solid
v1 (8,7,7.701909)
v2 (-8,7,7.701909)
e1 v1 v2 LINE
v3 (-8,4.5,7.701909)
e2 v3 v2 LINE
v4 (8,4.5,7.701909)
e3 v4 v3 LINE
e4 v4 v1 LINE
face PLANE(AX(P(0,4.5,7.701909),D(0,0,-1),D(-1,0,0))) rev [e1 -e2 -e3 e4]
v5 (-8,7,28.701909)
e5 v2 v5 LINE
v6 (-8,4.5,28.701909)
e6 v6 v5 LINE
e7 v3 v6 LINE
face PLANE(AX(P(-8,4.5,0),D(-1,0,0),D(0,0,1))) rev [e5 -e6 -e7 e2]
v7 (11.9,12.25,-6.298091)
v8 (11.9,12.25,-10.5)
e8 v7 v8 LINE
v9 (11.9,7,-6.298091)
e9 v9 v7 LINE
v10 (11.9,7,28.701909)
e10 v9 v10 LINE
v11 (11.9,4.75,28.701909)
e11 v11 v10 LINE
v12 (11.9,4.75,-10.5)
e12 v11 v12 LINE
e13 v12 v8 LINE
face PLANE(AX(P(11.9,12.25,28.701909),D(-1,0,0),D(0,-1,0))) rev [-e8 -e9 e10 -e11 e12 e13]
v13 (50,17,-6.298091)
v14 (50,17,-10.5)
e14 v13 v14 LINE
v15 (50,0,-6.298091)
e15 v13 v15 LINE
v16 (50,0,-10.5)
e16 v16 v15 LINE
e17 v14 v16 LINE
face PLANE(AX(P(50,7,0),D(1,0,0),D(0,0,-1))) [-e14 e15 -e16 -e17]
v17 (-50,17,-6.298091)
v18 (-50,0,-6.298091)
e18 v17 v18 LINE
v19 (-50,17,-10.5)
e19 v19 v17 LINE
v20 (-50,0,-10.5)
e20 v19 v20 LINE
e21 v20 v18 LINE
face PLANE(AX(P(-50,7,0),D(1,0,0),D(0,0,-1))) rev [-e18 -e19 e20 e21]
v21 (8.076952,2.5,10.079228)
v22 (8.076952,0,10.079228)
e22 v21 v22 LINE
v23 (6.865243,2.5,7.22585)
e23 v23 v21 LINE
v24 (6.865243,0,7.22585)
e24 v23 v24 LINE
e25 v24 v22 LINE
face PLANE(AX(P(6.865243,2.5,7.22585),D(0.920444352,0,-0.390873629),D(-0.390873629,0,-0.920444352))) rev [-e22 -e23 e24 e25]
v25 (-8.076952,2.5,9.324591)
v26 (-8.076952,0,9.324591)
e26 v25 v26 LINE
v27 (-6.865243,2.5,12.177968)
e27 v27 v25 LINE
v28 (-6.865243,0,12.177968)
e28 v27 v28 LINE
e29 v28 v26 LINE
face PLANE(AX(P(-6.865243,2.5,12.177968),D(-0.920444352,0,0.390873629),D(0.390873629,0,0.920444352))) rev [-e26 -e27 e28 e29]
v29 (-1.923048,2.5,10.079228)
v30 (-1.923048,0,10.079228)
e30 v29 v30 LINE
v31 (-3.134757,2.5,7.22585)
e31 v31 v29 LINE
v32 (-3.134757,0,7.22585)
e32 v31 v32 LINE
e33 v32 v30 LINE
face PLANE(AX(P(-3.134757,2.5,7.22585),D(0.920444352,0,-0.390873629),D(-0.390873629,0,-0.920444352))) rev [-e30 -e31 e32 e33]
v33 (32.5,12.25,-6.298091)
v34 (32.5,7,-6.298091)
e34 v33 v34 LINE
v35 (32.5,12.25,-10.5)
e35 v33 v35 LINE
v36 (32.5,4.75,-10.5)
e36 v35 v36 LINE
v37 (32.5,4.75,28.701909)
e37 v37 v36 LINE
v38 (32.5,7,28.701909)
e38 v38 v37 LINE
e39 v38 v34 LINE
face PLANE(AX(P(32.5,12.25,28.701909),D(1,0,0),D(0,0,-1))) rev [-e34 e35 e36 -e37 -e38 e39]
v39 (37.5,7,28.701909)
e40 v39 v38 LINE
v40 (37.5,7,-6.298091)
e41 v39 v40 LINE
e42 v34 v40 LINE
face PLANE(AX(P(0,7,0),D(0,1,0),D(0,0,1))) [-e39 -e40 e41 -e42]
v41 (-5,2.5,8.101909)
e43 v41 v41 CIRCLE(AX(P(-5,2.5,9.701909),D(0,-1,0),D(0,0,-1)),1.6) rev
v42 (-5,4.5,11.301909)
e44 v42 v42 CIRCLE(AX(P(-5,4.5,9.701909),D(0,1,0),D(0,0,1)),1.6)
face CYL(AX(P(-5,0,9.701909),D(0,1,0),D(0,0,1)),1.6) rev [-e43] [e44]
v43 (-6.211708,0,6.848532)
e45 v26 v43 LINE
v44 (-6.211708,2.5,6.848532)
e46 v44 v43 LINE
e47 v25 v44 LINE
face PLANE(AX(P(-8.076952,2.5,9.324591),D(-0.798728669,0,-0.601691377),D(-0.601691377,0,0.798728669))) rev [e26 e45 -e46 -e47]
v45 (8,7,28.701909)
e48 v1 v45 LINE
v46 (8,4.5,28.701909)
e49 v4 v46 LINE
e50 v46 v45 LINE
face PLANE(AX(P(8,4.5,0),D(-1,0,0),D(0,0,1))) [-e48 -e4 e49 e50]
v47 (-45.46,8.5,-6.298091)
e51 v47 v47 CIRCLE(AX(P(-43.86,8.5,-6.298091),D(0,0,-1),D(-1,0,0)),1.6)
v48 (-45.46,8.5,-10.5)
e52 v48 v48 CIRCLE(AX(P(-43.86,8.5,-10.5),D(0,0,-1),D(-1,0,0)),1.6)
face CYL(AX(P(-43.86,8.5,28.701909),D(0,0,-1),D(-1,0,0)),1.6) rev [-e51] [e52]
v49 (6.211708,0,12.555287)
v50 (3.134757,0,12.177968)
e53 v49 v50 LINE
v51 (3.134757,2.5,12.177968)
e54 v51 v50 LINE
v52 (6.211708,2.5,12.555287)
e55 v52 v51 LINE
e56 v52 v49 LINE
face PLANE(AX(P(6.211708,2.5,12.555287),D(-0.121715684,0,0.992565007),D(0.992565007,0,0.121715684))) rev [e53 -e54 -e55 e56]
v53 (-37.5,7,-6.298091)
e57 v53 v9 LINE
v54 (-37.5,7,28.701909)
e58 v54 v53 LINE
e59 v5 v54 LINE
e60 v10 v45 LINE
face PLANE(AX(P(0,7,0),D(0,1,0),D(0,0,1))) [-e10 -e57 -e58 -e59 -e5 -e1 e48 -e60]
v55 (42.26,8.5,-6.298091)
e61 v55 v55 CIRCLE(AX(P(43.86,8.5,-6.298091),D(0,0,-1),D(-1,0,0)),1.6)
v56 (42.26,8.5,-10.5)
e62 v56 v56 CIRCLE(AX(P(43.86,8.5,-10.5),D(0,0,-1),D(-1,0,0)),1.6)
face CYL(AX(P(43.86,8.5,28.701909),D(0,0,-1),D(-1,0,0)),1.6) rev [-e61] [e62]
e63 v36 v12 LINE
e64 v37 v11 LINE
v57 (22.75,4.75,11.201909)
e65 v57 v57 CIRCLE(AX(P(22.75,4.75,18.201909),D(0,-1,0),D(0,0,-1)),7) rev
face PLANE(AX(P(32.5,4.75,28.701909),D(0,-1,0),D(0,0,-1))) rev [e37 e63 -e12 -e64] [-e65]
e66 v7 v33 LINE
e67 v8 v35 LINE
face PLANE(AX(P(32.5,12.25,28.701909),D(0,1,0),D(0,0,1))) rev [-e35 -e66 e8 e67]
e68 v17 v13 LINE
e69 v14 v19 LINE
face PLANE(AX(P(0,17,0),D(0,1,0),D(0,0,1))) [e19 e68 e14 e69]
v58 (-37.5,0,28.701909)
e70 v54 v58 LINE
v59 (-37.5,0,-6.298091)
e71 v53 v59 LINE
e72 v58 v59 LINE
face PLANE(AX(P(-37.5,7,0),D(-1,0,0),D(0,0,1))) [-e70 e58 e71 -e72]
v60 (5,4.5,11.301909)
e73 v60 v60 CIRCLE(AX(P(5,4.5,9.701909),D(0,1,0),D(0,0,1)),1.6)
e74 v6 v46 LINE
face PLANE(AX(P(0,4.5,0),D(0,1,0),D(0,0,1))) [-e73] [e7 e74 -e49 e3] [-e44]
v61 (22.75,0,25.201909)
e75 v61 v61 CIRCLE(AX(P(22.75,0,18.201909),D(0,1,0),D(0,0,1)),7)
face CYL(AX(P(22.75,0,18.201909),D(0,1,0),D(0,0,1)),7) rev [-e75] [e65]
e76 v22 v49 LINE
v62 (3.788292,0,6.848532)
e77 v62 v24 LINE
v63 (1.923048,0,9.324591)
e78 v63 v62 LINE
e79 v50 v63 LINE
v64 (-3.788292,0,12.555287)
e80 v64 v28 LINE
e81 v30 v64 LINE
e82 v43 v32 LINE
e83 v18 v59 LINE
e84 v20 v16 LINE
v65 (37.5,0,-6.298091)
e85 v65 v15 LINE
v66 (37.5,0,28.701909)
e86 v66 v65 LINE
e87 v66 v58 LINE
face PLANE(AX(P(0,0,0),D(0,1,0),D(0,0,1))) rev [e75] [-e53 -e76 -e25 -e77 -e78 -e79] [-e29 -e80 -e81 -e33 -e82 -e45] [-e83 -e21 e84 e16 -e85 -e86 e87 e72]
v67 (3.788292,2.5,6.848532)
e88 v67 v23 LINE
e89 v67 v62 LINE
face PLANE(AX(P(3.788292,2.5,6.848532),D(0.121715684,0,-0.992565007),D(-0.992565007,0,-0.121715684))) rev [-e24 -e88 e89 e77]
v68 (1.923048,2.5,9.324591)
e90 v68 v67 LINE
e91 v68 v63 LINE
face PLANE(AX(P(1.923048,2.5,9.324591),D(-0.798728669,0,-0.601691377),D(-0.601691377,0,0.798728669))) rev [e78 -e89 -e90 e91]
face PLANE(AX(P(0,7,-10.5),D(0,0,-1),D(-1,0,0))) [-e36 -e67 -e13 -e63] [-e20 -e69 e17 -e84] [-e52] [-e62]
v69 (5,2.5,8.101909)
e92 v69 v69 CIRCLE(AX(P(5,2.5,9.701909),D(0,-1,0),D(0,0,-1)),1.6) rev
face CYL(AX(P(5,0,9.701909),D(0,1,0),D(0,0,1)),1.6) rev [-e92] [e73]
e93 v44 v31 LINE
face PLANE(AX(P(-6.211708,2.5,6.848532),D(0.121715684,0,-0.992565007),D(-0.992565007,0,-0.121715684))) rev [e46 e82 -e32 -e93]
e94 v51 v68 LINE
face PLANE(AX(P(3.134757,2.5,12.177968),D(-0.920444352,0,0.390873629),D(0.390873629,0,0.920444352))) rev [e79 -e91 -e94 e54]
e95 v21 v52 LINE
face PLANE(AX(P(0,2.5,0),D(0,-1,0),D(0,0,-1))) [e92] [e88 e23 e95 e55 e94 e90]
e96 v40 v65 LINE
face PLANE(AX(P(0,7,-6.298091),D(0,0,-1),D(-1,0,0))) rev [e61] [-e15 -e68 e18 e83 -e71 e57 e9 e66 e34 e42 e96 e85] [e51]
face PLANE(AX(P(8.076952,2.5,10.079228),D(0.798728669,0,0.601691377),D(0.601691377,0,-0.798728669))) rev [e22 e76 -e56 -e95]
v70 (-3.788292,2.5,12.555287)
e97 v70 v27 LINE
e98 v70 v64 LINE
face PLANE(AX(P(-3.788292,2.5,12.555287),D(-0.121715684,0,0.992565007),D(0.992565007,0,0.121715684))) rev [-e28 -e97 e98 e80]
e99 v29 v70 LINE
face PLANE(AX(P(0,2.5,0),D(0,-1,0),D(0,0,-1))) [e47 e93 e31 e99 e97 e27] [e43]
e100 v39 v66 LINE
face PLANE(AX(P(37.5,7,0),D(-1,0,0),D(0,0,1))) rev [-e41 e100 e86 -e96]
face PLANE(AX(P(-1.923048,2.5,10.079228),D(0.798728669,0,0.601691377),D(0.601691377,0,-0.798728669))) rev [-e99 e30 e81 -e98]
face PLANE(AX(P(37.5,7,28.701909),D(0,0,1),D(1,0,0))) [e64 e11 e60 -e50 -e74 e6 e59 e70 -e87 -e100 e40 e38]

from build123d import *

# Parameters (mm, degrees)
SKETCH1_W                 = 75
SKETCH1_H                 = 16.798090687
SKETCH1_H_2               = 35
BODY_DEPTH                = 7
SKETCH3_W                 = 16
SKETCH3_H                 = 21
CHIP_DIVET_DEPTH          = 2.5
SKETCH4_R                 = 1.6
CHIP_MOUNTING_HOLES_DEPTH = 58.827758025
CHIP_CAPTIVE_NUTS_DEPTH   = 2.5
SKETCH6_R                 = 7
ROUTING_HOLE_DEPTH        = 59.075809062
SKETCH7_W                 = 100
SKETCH7_H                 = 4.201909313
FACE_PLATE_DEPTH          = 10
SKETCH8_W                 = 20.6
SKETCH8_H                 = 7.5
SWITCH_HOLE_DEPTH         = 66.770735847
SKETCH2_R                 = 1.6
MOUNTING_HOLES_DEPTH      = 66.770735847


with BuildPart() as part:
    # Sketch1 → body (new body)
    with BuildSketch(Plane(origin=(0, 0, 0), x_dir=(1, 0, 0), z_dir=(0, 1, 0))):
        Polygon((-50, 6.298090687), (-37.5, 6.298090687), (37.5, 6.298090687), (50, 6.298090687), (50, 10.5), (-50, 10.5), align=None)
        with Locations((0, -2.100954656)):
            Rectangle(SKETCH1_W, SKETCH1_H)
        with Locations((0, -11.201909313)):
            Rectangle(SKETCH1_W, SKETCH1_H_2)
    extrude(amount=BODY_DEPTH)

    # Sketch3 → chip-divet (cut)
    with BuildSketch(Plane(origin=(0, 7, 0), x_dir=(1, 0, 0), z_dir=(0, 1, 0))):
        with Locations((0, -18.201909313)):
            Rectangle(SKETCH3_W, SKETCH3_H)
    extrude(amount=-CHIP_DIVET_DEPTH, mode=Mode.SUBTRACT)

    # Sketch4 → chip-mounting-holes (cut, through all)
    with BuildSketch(Plane(origin=(0, 4.5, 0), x_dir=(1, 0, 0), z_dir=(0, 1, 0))):
        with Locations(Location((-5, -9.701909313, 0), (0, 0, 270))):
            Circle(SKETCH4_R)
        with Locations(Location((5, -9.701909313, 0), (0, 0, 270))):
            Circle(SKETCH4_R)
    extrude(amount=-CHIP_MOUNTING_HOLES_DEPTH, mode=Mode.SUBTRACT)

    # Sketch5 → chip-captive-nuts (cut)
    with BuildSketch(Plane.XZ):
        Polygon((6.21170825, 12.555286806), (3.13475673, 12.177968186), (1.92304848, 9.324590694), (3.78829175, 6.848531821), (6.86524327, 7.22585044), (8.07695152, 10.079227933), align=None)
        Polygon((-3.78829175, 12.555286806), (-6.86524327, 12.177968186), (-8.07695152, 9.324590694), (-6.21170825, 6.848531821), (-3.13475673, 7.22585044), (-1.92304848, 10.079227933), align=None)
    extrude(amount=-CHIP_CAPTIVE_NUTS_DEPTH, mode=Mode.SUBTRACT)

    # Sketch6 → routing-hole (cut, through all)
    with BuildSketch(Plane(origin=(0, 7, 0), x_dir=(1, 0, 0), z_dir=(0, 1, 0))):
        with Locations(Location((22.75, -18.201909313, 0), (0, 0, 270))):
            Circle(SKETCH6_R)
    extrude(amount=-ROUTING_HOLE_DEPTH, mode=Mode.SUBTRACT)

    # Sketch7 → face-plate (add)
    with BuildSketch(Plane(origin=(0, 7, 0), x_dir=(1, 0, 0), z_dir=(0, 1, 0))):
        with Locations((0, 8.399045343)):
            Rectangle(SKETCH7_W, SKETCH7_H)
    extrude(amount=FACE_PLATE_DEPTH)

    # Sketch8 → switch-hole (cut, through all)
    with BuildSketch(Plane(origin=(0, 0, -10.5), x_dir=(-1, 0, 0), z_dir=(0, 0, -1))):
        with Locations((-22.2, 8.5)):
            Rectangle(SKETCH8_W, SKETCH8_H)
    extrude(amount=-SWITCH_HOLE_DEPTH, mode=Mode.SUBTRACT)

    # Sketch2 → mounting-holes (cut, through all)
    with BuildSketch(Plane(origin=(0, 0, -10.5), x_dir=(-1, 0, 0), z_dir=(0, 0, -1))):
        with Locations((-43.86, 8.5)):
            Circle(SKETCH2_R)
        with Locations((43.86, 8.5)):
            Circle(SKETCH2_R)
    extrude(amount=-MOUNTING_HOLES_DEPTH, mode=Mode.SUBTRACT)


solid = part.part
